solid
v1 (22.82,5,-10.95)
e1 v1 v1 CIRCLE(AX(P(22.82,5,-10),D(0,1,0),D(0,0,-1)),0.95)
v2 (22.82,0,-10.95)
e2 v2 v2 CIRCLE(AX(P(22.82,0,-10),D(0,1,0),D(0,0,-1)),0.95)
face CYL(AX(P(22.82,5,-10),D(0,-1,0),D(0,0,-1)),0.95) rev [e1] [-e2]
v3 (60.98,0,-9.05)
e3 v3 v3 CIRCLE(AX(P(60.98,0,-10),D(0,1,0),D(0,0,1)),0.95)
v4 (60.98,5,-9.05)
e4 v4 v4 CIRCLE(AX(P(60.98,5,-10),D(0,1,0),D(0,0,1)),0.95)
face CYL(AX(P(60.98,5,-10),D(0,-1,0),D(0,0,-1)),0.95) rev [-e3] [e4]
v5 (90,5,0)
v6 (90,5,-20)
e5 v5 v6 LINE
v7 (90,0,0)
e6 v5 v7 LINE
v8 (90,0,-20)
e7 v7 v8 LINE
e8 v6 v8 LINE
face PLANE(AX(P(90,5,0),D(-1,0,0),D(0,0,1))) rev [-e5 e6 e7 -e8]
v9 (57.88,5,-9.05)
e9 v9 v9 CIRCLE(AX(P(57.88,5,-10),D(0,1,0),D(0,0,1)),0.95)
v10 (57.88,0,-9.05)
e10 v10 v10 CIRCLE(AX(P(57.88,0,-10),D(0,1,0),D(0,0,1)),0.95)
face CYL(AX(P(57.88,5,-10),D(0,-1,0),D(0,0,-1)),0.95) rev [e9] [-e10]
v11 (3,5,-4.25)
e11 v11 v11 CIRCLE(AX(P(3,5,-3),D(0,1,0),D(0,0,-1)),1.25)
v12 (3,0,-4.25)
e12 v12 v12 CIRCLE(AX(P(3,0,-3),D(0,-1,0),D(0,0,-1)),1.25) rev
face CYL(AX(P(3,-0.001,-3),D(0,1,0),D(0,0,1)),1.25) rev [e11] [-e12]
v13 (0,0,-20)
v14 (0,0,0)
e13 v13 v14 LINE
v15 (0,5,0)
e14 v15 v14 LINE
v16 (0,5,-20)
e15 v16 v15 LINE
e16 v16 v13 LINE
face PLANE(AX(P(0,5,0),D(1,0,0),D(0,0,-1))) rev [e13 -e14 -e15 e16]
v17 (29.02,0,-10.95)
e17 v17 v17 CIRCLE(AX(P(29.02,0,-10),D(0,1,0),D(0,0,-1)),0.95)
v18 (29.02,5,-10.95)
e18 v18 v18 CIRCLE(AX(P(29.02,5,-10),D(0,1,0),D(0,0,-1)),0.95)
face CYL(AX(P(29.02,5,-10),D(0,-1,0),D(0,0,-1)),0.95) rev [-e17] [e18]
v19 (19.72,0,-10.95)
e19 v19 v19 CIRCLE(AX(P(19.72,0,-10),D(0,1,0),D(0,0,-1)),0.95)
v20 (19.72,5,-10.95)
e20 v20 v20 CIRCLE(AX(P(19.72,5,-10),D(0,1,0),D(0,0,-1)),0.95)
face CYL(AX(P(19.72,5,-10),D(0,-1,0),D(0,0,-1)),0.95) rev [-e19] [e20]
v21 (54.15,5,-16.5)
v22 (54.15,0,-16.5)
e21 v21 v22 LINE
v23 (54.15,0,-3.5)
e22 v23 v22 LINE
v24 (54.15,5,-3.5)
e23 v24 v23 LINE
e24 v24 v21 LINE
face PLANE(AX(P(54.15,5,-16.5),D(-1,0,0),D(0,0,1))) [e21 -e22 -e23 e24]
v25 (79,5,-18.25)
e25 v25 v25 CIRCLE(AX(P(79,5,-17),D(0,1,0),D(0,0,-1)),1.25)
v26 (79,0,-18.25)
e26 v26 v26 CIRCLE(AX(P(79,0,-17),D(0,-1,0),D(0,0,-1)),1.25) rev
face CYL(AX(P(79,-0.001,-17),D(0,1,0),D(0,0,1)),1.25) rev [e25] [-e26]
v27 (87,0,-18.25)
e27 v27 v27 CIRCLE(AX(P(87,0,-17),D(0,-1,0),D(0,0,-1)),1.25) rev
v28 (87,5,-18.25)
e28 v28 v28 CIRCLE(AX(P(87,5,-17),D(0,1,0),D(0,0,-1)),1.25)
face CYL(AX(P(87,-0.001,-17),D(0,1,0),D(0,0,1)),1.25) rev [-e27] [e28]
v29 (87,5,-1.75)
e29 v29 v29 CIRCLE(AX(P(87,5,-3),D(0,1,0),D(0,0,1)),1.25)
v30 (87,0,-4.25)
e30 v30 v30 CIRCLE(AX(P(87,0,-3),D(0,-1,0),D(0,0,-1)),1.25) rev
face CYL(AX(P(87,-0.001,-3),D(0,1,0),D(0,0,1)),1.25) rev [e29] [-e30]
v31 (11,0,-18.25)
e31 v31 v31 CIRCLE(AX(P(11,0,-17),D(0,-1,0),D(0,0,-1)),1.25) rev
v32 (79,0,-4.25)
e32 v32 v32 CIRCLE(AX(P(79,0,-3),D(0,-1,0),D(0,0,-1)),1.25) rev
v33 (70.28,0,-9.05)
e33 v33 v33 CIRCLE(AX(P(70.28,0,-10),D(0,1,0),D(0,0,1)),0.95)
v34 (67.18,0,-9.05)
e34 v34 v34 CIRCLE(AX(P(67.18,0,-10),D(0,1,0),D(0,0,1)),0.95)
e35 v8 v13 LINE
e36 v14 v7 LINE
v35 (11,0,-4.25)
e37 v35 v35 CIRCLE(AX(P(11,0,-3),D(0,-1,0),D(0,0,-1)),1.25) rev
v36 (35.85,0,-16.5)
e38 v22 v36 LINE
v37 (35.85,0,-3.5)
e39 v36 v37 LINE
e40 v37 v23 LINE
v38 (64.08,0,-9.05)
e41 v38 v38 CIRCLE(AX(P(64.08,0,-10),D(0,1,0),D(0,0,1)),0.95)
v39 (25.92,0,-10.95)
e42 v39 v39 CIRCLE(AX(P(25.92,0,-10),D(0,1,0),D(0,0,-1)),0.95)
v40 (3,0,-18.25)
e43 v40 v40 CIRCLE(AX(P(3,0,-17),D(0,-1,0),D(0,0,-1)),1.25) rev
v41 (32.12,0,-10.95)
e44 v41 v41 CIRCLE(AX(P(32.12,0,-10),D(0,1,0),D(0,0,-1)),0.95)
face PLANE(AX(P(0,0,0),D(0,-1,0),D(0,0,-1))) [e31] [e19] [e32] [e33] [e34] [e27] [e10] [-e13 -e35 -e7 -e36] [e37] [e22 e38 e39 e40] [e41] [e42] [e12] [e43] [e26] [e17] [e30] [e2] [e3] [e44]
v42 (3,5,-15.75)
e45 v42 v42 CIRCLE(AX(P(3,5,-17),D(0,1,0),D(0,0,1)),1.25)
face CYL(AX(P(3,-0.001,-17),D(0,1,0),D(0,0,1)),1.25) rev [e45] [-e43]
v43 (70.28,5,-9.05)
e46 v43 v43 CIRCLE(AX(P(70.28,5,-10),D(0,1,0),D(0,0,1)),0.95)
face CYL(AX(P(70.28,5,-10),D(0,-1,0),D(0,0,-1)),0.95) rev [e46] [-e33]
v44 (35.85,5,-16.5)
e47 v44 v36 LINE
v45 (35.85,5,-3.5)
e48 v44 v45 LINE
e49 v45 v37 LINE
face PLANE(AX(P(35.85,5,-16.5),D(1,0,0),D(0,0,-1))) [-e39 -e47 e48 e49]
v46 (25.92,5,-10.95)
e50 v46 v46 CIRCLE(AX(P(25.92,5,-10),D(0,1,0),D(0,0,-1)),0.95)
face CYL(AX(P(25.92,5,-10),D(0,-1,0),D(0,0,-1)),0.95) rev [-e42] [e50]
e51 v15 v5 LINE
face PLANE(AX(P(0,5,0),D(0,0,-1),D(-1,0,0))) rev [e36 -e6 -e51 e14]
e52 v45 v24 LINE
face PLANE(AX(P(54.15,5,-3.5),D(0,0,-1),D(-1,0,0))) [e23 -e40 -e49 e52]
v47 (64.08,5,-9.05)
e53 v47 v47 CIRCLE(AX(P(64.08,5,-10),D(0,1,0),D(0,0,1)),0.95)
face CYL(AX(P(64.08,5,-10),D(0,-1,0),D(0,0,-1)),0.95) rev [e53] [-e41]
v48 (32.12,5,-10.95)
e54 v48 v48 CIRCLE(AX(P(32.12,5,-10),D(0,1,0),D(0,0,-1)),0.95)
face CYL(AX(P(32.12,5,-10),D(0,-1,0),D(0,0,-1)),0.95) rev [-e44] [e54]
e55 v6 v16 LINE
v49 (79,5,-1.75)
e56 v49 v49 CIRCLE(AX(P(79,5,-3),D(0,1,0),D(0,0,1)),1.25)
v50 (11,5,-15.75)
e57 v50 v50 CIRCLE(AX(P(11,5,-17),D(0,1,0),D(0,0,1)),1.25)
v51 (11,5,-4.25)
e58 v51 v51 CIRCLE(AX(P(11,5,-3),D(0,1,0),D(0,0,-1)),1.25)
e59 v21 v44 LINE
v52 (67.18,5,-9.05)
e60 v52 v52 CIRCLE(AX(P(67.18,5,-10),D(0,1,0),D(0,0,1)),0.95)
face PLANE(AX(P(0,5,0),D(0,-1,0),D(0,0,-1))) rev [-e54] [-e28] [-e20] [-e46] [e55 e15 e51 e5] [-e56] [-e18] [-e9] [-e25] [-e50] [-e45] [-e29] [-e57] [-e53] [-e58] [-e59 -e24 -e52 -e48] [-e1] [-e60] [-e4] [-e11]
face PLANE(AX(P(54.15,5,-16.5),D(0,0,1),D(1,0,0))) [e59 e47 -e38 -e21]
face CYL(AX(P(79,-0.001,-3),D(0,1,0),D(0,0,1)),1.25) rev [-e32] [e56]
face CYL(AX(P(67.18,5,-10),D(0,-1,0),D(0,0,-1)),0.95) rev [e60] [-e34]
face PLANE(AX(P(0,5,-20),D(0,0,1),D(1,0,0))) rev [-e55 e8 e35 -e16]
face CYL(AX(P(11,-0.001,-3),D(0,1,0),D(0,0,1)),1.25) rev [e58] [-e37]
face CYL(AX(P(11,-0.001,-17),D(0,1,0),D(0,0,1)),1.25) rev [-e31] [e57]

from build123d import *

# Parameters (mm, degrees)
SKETCH1_W           = 90
SKETCH1_H           = 20
SKETCH1_R           = 0.95
SKETCH1_W_2         = 18.3
SKETCH1_H_2         = 13
BOSS_EXTRUDE1_DEPTH = 5
CUT_EXTRUDE1_REACH  = 94.331
SKETCH3_R           = 1.25


with BuildPart() as part:
    # Sketch1 → Boss-Extrude1 (new body)
    with BuildSketch(Plane(origin=(0, 0, 0), x_dir=(1, 0, 0), z_dir=(0, 1, 0))):
        with Locations((45, 10)):
            Rectangle(SKETCH1_W, SKETCH1_H)
        with Locations(Location((57.88, 10, 0), (0, 0, 270))):
            Circle(SKETCH1_R, mode=Mode.SUBTRACT)
        with Locations(Location((60.98, 10, 0), (0, 0, 270))):
            Circle(SKETCH1_R, mode=Mode.SUBTRACT)
        with Locations(Location((64.08, 10, 0), (0, 0, 270))):
            Circle(SKETCH1_R, mode=Mode.SUBTRACT)
        with Locations(Location((67.18, 10, 0), (0, 0, 270))):
            Circle(SKETCH1_R, mode=Mode.SUBTRACT)
        with Locations(Location((70.28, 10, 0), (0, 0, 270))):
            Circle(SKETCH1_R, mode=Mode.SUBTRACT)
        with Locations(Location((19.72, 10, 0), (0, 0, 90))):
            Circle(SKETCH1_R, mode=Mode.SUBTRACT)
        with Locations(Location((22.82, 10, 0), (0, 0, 90))):
            Circle(SKETCH1_R, mode=Mode.SUBTRACT)
        with Locations(Location((25.92, 10, 0), (0, 0, 90))):
            Circle(SKETCH1_R, mode=Mode.SUBTRACT)
        with Locations(Location((29.02, 10, 0), (0, 0, 90))):
            Circle(SKETCH1_R, mode=Mode.SUBTRACT)
        with Locations(Location((32.12, 10, 0), (0, 0, 90))):
            Circle(SKETCH1_R, mode=Mode.SUBTRACT)
        with Locations((45, 10)):
            Rectangle(SKETCH1_W_2, SKETCH1_H_2, mode=Mode.SUBTRACT)
    extrude(amount=BOSS_EXTRUDE1_DEPTH)

    # Sketch3 → Cut-Extrude1 (cut, up to next)
    with BuildSketch(Plane(origin=(0, 5, 0), x_dir=(1, 0, 0), z_dir=(0, 1, 0)), mode=Mode.PRIVATE) as cut_extrude1_sk1:
        with Locations(Location((87, 3, 0), (0, 0, 270))):
            Circle(SKETCH3_R)
    cut_extrude1_tool1 = extrude(cut_extrude1_sk1.sketch, amount=-CUT_EXTRUDE1_REACH, mode=Mode.PRIVATE) & part.part
    # Sketch3 → Cut-Extrude1 (cut, up to next)
    with BuildSketch(Plane(origin=(0, 5, 0), x_dir=(1, 0, 0), z_dir=(0, 1, 0)), mode=Mode.PRIVATE) as cut_extrude1_sk2:
        with Locations(Location((79, 3, 0), (0, 0, 270))):
            Circle(SKETCH3_R)
    cut_extrude1_tool2 = extrude(cut_extrude1_sk2.sketch, amount=-CUT_EXTRUDE1_REACH, mode=Mode.PRIVATE) & part.part
    # Sketch3 → Cut-Extrude1 (cut, up to next)
    with BuildSketch(Plane(origin=(0, 5, 0), x_dir=(1, 0, 0), z_dir=(0, 1, 0)), mode=Mode.PRIVATE) as cut_extrude1_sk3:
        with Locations(Location((79, 17, 0), (0, 0, 90))):
            Circle(SKETCH3_R)
    cut_extrude1_tool3 = extrude(cut_extrude1_sk3.sketch, amount=-CUT_EXTRUDE1_REACH, mode=Mode.PRIVATE) & part.part
    # Sketch3 → Cut-Extrude1 (cut, up to next)
    with BuildSketch(Plane(origin=(0, 5, 0), x_dir=(1, 0, 0), z_dir=(0, 1, 0)), mode=Mode.PRIVATE) as cut_extrude1_sk4:
        with Locations(Location((87, 17, 0), (0, 0, 90))):
            Circle(SKETCH3_R)
    cut_extrude1_tool4 = extrude(cut_extrude1_sk4.sketch, amount=-CUT_EXTRUDE1_REACH, mode=Mode.PRIVATE) & part.part
    # Sketch3 → Cut-Extrude1 (cut, up to next)
    with BuildSketch(Plane(origin=(0, 5, 0), x_dir=(1, 0, 0), z_dir=(0, 1, 0)), mode=Mode.PRIVATE) as cut_extrude1_sk5:
        with Locations(Location((3, 17, 0), (0, 0, 270))):
            Circle(SKETCH3_R)
    cut_extrude1_tool5 = extrude(cut_extrude1_sk5.sketch, amount=-CUT_EXTRUDE1_REACH, mode=Mode.PRIVATE) & part.part
    # Sketch3 → Cut-Extrude1 (cut, up to next)
    with BuildSketch(Plane(origin=(0, 5, 0), x_dir=(1, 0, 0), z_dir=(0, 1, 0)), mode=Mode.PRIVATE) as cut_extrude1_sk6:
        with Locations(Location((11, 17, 0), (0, 0, 270))):
            Circle(SKETCH3_R)
    cut_extrude1_tool6 = extrude(cut_extrude1_sk6.sketch, amount=-CUT_EXTRUDE1_REACH, mode=Mode.PRIVATE) & part.part
    # Sketch3 → Cut-Extrude1 (cut, up to next)
    with BuildSketch(Plane(origin=(0, 5, 0), x_dir=(1, 0, 0), z_dir=(0, 1, 0)), mode=Mode.PRIVATE) as cut_extrude1_sk7:
        with Locations(Location((11, 3, 0), (0, 0, 90))):
            Circle(SKETCH3_R)
    cut_extrude1_tool7 = extrude(cut_extrude1_sk7.sketch, amount=-CUT_EXTRUDE1_REACH, mode=Mode.PRIVATE) & part.part
    # Sketch3 → Cut-Extrude1 (cut, up to next)
    with BuildSketch(Plane(origin=(0, 5, 0), x_dir=(1, 0, 0), z_dir=(0, 1, 0)), mode=Mode.PRIVATE) as cut_extrude1_sk8:
        with Locations(Location((3, 3, 0), (0, 0, 90))):
            Circle(SKETCH3_R)
    cut_extrude1_tool8 = extrude(cut_extrude1_sk8.sketch, amount=-CUT_EXTRUDE1_REACH, mode=Mode.PRIVATE) & part.part
    add(cut_extrude1_tool1.solids().sort_by_distance((87, 5, -3))[0], mode=Mode.SUBTRACT)
    add(cut_extrude1_tool2.solids().sort_by_distance((79, 5, -3))[0], mode=Mode.SUBTRACT)
    add(cut_extrude1_tool3.solids().sort_by_distance((79, 5, -17))[0], mode=Mode.SUBTRACT)
    add(cut_extrude1_tool4.solids().sort_by_distance((87, 5, -17))[0], mode=Mode.SUBTRACT)
    add(cut_extrude1_tool5.solids().sort_by_distance((3, 5, -17))[0], mode=Mode.SUBTRACT)
    add(cut_extrude1_tool6.solids().sort_by_distance((11, 5, -17))[0], mode=Mode.SUBTRACT)
    add(cut_extrude1_tool7.solids().sort_by_distance((11, 5, -3))[0], mode=Mode.SUBTRACT)
    add(cut_extrude1_tool8.solids().sort_by_distance((3, 5, -3))[0], mode=Mode.SUBTRACT)


solid = part.part
